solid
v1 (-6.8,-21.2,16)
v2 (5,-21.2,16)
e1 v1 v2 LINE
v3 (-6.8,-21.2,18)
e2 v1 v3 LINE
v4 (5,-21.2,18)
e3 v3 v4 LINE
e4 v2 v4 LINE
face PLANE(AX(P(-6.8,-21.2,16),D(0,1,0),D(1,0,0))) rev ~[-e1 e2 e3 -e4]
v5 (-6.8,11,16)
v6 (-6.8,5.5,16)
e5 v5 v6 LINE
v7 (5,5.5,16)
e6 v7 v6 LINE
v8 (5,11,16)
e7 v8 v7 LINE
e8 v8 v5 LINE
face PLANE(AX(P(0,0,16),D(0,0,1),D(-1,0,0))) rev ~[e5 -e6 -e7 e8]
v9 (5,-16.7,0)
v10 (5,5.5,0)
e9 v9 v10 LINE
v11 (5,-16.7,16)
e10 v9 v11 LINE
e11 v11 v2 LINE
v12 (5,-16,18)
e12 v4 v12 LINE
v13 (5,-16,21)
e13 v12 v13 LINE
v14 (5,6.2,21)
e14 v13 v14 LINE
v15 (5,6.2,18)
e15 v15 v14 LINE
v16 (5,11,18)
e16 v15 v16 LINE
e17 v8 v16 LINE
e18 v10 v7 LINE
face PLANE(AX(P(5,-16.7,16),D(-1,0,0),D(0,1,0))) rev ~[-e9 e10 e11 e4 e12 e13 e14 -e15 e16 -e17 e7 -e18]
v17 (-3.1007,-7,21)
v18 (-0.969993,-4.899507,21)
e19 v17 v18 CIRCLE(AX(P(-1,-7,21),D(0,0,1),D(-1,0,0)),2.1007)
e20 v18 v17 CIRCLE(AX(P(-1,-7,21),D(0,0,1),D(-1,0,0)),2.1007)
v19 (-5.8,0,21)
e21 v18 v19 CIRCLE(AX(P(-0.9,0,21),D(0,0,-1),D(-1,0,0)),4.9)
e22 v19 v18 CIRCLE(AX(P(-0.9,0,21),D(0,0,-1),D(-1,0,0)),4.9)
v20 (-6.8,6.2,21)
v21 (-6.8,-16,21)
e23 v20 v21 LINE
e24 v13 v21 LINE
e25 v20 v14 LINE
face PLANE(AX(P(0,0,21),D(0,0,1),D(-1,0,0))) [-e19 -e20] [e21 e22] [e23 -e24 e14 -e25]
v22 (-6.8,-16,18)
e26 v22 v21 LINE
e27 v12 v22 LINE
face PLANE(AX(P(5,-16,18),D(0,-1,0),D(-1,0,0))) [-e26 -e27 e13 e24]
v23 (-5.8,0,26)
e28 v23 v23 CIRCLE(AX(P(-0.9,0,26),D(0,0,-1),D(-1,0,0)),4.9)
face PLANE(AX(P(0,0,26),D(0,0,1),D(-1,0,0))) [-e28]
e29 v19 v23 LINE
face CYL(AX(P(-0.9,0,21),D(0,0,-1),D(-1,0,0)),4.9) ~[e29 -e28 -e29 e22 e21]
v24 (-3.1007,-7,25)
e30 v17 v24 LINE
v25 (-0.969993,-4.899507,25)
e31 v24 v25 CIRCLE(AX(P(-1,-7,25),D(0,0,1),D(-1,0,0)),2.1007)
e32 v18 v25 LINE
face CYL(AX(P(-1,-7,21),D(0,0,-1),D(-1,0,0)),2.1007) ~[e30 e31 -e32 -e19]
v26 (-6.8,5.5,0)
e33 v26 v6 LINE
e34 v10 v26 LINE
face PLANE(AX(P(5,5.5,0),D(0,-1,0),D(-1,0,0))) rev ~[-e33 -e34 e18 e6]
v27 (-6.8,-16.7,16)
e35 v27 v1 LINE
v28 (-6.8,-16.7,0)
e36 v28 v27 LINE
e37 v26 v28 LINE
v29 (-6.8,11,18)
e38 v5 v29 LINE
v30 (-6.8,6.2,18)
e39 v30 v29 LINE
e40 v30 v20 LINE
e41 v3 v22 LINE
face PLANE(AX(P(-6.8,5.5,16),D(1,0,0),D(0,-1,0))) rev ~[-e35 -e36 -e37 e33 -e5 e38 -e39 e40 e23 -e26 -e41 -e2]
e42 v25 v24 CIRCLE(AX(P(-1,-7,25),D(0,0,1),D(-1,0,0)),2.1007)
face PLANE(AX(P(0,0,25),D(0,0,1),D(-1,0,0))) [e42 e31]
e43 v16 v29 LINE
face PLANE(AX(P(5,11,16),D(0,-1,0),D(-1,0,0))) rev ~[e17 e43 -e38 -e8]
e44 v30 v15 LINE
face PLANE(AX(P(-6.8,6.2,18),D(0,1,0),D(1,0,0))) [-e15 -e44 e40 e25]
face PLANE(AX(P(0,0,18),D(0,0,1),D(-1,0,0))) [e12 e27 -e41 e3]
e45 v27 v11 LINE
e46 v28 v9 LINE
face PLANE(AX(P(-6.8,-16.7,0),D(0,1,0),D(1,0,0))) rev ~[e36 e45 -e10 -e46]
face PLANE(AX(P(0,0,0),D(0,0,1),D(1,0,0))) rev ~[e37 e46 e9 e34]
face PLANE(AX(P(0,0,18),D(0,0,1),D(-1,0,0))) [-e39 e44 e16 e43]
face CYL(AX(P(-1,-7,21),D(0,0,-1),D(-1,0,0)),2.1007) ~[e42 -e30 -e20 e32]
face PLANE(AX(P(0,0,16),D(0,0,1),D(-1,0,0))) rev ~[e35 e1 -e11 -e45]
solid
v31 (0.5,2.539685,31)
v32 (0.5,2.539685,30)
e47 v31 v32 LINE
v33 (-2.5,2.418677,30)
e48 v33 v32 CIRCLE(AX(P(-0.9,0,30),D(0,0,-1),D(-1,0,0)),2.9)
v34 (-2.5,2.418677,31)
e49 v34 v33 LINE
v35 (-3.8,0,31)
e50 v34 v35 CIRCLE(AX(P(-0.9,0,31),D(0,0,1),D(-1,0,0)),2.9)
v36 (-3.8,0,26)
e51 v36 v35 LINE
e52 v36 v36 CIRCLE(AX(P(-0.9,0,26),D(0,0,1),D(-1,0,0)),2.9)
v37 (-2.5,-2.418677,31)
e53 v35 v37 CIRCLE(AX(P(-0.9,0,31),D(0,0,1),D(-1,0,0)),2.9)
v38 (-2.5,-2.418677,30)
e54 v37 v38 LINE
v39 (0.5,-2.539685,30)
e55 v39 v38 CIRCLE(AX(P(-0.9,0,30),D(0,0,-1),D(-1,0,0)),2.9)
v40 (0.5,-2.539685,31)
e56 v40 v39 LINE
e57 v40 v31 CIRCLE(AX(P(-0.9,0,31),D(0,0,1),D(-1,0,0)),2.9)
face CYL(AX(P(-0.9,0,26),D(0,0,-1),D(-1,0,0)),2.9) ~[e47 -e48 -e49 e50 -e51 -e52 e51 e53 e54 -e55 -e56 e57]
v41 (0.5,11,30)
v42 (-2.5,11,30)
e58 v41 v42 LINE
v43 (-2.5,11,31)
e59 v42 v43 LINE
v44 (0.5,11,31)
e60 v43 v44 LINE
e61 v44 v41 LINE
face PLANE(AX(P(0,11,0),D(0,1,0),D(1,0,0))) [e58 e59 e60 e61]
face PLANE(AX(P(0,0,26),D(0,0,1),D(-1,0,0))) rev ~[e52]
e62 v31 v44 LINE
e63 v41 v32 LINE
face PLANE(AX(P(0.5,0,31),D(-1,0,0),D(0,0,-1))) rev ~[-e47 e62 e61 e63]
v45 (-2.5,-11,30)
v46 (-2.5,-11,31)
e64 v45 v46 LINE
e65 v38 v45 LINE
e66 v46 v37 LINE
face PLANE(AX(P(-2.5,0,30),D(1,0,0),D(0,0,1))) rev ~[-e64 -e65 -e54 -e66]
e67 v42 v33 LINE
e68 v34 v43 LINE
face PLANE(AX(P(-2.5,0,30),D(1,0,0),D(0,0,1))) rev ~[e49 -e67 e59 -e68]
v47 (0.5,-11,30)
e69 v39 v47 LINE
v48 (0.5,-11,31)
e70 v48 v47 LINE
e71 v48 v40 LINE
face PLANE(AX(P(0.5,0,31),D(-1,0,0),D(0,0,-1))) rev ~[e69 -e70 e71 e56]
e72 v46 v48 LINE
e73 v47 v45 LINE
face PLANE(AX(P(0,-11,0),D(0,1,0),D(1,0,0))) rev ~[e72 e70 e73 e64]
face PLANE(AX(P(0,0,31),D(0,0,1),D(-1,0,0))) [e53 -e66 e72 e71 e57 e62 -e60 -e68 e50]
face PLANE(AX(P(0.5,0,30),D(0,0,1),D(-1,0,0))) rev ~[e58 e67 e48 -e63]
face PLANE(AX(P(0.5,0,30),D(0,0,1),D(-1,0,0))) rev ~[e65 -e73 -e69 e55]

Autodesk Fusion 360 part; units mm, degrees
sketch "Szkic1" plane through (0, 0, 0) normal (0, 0, 1) x (1, 0, 0)
  line L0 (5, 5.5) -> (-6.8, 5.5)
  line L1 (-6.8, 5.5) -> (-6.8, -16.7)
  line L2 (-6.8, -16.7) -> (5, -16.7)
  line L3 (5, -16.7) -> (5, 5.5)
  dimension "d5" = 11.8
  dimension "d6" = 22.2
extrude "Wyciągnięcie proste1" add sketch "Szkic1" along normal blind 16 makes body 1
sketch "Szkic2" plane through (0, 0, 16) normal (0, 0, 1) x (-1, 0, 0)
  line L0 (-5, 16.7) -> (-5, -5.5)
  line L1 (-5, -5.5) -> (6.8, -5.5)
  line L2 (6.8, -5.5) -> (6.8, 16.7)
  line L3 (6.8, 16.7) -> (-5, 16.7)
  line L4 (-5, -11) -> (6.8, -11)
  line L5 (6.8, -11) -> (6.8, 21.2)
  line L6 (6.8, 21.2) -> (-5, 21.2)
  line L7 (-5, 21.2) -> (-5, -11)
  dimension "d9" = 11.8
  dimension "d10" = 32.2
extrude "Wyciągnięcie proste2" add sketch "Szkic2" along normal blind 2 bodies 1
sketch "Szkic3" plane through (0, 0, 18) normal (0, 0, 1) x (-1, 0, 0)
  line L0 (-5, 21.2) -> (-5, -11)
  line L1 (-5, -11) -> (6.8, -11)
  line L2 (6.8, -11) -> (6.8, 21.2)
  line L3 (6.8, 21.2) -> (-5, 21.2)
  line L4 (-5, 16) -> (6.8, 16)
  line L5 (6.8, 16) -> (6.8, -6.2)
  line L6 (6.8, -6.2) -> (-5, -6.2)
  line L7 (-5, -6.2) -> (-5, 16)
  dimension "d13" = 11.8
  dimension "d14" = 22.2
extrude "Wyciągnięcie proste3" add sketch "Szkic3" along normal blind 3 contours L0 L2 L4 L5 L6 L7 bodies 1
sketch "Szkic4" plane through (0, 0, 21) normal (0, 0, 1) x (-1, 0, 0)
  line L0 (-5, -6.2) -> (6.8, -6.2)
  line L1 (6.8, -6.2) -> (6.8, 16)
  line L2 (6.8, 16) -> (-5, 16)
  line L3 (-5, 16) -> (-5, -6.2)
  circle A0 centre (0.9, 0) radius 4.9
  circle A1 centre (1, 7) radius 2.1007
extrude "Wyciągnięcie proste4" add sketch "Szkic4" along normal blind 5 contours A0 bodies 1
extrude "Wyciągnięcie proste5" add sketch "Szkic4" along normal blind 4 contours A1 bodies 1
sketch "Szkic5" plane through (0, 0, 26) normal (0, 0, 1) x (-1, 0, 0)
  circle A0 centre (0.9, 0) radius 4.9
  circle A1 centre (0.9, 0) radius 2.9
extrude "Wyciągnięcie proste6" add sketch "Szkic5" along normal blind 5 separate body contours A1 makes body 2
sketch "Szkic6" plane through (0, 0, 0) normal (0, 1, 0) x (1, 0, 0)
  line L0 (-2.5, -31) -> (0.5, -31)
  line L1 (0.5, -31) -> (0.5, -30)
  line L2 (0.5, -30) -> (-2.5, -30)
  line L3 (-2.5, -30) -> (-2.5, -31)
  line L4 (-2.5, -31) -> (0.5, -30) construction
  line L5 (0.5, -31) -> (-2.5, -30) construction
  point P0 (-1, -30.5)
extrude "Wyciągnięcie proste7" add sketch "Szkic6" along normal blind 11 and the other way blind 11 bodies 2
